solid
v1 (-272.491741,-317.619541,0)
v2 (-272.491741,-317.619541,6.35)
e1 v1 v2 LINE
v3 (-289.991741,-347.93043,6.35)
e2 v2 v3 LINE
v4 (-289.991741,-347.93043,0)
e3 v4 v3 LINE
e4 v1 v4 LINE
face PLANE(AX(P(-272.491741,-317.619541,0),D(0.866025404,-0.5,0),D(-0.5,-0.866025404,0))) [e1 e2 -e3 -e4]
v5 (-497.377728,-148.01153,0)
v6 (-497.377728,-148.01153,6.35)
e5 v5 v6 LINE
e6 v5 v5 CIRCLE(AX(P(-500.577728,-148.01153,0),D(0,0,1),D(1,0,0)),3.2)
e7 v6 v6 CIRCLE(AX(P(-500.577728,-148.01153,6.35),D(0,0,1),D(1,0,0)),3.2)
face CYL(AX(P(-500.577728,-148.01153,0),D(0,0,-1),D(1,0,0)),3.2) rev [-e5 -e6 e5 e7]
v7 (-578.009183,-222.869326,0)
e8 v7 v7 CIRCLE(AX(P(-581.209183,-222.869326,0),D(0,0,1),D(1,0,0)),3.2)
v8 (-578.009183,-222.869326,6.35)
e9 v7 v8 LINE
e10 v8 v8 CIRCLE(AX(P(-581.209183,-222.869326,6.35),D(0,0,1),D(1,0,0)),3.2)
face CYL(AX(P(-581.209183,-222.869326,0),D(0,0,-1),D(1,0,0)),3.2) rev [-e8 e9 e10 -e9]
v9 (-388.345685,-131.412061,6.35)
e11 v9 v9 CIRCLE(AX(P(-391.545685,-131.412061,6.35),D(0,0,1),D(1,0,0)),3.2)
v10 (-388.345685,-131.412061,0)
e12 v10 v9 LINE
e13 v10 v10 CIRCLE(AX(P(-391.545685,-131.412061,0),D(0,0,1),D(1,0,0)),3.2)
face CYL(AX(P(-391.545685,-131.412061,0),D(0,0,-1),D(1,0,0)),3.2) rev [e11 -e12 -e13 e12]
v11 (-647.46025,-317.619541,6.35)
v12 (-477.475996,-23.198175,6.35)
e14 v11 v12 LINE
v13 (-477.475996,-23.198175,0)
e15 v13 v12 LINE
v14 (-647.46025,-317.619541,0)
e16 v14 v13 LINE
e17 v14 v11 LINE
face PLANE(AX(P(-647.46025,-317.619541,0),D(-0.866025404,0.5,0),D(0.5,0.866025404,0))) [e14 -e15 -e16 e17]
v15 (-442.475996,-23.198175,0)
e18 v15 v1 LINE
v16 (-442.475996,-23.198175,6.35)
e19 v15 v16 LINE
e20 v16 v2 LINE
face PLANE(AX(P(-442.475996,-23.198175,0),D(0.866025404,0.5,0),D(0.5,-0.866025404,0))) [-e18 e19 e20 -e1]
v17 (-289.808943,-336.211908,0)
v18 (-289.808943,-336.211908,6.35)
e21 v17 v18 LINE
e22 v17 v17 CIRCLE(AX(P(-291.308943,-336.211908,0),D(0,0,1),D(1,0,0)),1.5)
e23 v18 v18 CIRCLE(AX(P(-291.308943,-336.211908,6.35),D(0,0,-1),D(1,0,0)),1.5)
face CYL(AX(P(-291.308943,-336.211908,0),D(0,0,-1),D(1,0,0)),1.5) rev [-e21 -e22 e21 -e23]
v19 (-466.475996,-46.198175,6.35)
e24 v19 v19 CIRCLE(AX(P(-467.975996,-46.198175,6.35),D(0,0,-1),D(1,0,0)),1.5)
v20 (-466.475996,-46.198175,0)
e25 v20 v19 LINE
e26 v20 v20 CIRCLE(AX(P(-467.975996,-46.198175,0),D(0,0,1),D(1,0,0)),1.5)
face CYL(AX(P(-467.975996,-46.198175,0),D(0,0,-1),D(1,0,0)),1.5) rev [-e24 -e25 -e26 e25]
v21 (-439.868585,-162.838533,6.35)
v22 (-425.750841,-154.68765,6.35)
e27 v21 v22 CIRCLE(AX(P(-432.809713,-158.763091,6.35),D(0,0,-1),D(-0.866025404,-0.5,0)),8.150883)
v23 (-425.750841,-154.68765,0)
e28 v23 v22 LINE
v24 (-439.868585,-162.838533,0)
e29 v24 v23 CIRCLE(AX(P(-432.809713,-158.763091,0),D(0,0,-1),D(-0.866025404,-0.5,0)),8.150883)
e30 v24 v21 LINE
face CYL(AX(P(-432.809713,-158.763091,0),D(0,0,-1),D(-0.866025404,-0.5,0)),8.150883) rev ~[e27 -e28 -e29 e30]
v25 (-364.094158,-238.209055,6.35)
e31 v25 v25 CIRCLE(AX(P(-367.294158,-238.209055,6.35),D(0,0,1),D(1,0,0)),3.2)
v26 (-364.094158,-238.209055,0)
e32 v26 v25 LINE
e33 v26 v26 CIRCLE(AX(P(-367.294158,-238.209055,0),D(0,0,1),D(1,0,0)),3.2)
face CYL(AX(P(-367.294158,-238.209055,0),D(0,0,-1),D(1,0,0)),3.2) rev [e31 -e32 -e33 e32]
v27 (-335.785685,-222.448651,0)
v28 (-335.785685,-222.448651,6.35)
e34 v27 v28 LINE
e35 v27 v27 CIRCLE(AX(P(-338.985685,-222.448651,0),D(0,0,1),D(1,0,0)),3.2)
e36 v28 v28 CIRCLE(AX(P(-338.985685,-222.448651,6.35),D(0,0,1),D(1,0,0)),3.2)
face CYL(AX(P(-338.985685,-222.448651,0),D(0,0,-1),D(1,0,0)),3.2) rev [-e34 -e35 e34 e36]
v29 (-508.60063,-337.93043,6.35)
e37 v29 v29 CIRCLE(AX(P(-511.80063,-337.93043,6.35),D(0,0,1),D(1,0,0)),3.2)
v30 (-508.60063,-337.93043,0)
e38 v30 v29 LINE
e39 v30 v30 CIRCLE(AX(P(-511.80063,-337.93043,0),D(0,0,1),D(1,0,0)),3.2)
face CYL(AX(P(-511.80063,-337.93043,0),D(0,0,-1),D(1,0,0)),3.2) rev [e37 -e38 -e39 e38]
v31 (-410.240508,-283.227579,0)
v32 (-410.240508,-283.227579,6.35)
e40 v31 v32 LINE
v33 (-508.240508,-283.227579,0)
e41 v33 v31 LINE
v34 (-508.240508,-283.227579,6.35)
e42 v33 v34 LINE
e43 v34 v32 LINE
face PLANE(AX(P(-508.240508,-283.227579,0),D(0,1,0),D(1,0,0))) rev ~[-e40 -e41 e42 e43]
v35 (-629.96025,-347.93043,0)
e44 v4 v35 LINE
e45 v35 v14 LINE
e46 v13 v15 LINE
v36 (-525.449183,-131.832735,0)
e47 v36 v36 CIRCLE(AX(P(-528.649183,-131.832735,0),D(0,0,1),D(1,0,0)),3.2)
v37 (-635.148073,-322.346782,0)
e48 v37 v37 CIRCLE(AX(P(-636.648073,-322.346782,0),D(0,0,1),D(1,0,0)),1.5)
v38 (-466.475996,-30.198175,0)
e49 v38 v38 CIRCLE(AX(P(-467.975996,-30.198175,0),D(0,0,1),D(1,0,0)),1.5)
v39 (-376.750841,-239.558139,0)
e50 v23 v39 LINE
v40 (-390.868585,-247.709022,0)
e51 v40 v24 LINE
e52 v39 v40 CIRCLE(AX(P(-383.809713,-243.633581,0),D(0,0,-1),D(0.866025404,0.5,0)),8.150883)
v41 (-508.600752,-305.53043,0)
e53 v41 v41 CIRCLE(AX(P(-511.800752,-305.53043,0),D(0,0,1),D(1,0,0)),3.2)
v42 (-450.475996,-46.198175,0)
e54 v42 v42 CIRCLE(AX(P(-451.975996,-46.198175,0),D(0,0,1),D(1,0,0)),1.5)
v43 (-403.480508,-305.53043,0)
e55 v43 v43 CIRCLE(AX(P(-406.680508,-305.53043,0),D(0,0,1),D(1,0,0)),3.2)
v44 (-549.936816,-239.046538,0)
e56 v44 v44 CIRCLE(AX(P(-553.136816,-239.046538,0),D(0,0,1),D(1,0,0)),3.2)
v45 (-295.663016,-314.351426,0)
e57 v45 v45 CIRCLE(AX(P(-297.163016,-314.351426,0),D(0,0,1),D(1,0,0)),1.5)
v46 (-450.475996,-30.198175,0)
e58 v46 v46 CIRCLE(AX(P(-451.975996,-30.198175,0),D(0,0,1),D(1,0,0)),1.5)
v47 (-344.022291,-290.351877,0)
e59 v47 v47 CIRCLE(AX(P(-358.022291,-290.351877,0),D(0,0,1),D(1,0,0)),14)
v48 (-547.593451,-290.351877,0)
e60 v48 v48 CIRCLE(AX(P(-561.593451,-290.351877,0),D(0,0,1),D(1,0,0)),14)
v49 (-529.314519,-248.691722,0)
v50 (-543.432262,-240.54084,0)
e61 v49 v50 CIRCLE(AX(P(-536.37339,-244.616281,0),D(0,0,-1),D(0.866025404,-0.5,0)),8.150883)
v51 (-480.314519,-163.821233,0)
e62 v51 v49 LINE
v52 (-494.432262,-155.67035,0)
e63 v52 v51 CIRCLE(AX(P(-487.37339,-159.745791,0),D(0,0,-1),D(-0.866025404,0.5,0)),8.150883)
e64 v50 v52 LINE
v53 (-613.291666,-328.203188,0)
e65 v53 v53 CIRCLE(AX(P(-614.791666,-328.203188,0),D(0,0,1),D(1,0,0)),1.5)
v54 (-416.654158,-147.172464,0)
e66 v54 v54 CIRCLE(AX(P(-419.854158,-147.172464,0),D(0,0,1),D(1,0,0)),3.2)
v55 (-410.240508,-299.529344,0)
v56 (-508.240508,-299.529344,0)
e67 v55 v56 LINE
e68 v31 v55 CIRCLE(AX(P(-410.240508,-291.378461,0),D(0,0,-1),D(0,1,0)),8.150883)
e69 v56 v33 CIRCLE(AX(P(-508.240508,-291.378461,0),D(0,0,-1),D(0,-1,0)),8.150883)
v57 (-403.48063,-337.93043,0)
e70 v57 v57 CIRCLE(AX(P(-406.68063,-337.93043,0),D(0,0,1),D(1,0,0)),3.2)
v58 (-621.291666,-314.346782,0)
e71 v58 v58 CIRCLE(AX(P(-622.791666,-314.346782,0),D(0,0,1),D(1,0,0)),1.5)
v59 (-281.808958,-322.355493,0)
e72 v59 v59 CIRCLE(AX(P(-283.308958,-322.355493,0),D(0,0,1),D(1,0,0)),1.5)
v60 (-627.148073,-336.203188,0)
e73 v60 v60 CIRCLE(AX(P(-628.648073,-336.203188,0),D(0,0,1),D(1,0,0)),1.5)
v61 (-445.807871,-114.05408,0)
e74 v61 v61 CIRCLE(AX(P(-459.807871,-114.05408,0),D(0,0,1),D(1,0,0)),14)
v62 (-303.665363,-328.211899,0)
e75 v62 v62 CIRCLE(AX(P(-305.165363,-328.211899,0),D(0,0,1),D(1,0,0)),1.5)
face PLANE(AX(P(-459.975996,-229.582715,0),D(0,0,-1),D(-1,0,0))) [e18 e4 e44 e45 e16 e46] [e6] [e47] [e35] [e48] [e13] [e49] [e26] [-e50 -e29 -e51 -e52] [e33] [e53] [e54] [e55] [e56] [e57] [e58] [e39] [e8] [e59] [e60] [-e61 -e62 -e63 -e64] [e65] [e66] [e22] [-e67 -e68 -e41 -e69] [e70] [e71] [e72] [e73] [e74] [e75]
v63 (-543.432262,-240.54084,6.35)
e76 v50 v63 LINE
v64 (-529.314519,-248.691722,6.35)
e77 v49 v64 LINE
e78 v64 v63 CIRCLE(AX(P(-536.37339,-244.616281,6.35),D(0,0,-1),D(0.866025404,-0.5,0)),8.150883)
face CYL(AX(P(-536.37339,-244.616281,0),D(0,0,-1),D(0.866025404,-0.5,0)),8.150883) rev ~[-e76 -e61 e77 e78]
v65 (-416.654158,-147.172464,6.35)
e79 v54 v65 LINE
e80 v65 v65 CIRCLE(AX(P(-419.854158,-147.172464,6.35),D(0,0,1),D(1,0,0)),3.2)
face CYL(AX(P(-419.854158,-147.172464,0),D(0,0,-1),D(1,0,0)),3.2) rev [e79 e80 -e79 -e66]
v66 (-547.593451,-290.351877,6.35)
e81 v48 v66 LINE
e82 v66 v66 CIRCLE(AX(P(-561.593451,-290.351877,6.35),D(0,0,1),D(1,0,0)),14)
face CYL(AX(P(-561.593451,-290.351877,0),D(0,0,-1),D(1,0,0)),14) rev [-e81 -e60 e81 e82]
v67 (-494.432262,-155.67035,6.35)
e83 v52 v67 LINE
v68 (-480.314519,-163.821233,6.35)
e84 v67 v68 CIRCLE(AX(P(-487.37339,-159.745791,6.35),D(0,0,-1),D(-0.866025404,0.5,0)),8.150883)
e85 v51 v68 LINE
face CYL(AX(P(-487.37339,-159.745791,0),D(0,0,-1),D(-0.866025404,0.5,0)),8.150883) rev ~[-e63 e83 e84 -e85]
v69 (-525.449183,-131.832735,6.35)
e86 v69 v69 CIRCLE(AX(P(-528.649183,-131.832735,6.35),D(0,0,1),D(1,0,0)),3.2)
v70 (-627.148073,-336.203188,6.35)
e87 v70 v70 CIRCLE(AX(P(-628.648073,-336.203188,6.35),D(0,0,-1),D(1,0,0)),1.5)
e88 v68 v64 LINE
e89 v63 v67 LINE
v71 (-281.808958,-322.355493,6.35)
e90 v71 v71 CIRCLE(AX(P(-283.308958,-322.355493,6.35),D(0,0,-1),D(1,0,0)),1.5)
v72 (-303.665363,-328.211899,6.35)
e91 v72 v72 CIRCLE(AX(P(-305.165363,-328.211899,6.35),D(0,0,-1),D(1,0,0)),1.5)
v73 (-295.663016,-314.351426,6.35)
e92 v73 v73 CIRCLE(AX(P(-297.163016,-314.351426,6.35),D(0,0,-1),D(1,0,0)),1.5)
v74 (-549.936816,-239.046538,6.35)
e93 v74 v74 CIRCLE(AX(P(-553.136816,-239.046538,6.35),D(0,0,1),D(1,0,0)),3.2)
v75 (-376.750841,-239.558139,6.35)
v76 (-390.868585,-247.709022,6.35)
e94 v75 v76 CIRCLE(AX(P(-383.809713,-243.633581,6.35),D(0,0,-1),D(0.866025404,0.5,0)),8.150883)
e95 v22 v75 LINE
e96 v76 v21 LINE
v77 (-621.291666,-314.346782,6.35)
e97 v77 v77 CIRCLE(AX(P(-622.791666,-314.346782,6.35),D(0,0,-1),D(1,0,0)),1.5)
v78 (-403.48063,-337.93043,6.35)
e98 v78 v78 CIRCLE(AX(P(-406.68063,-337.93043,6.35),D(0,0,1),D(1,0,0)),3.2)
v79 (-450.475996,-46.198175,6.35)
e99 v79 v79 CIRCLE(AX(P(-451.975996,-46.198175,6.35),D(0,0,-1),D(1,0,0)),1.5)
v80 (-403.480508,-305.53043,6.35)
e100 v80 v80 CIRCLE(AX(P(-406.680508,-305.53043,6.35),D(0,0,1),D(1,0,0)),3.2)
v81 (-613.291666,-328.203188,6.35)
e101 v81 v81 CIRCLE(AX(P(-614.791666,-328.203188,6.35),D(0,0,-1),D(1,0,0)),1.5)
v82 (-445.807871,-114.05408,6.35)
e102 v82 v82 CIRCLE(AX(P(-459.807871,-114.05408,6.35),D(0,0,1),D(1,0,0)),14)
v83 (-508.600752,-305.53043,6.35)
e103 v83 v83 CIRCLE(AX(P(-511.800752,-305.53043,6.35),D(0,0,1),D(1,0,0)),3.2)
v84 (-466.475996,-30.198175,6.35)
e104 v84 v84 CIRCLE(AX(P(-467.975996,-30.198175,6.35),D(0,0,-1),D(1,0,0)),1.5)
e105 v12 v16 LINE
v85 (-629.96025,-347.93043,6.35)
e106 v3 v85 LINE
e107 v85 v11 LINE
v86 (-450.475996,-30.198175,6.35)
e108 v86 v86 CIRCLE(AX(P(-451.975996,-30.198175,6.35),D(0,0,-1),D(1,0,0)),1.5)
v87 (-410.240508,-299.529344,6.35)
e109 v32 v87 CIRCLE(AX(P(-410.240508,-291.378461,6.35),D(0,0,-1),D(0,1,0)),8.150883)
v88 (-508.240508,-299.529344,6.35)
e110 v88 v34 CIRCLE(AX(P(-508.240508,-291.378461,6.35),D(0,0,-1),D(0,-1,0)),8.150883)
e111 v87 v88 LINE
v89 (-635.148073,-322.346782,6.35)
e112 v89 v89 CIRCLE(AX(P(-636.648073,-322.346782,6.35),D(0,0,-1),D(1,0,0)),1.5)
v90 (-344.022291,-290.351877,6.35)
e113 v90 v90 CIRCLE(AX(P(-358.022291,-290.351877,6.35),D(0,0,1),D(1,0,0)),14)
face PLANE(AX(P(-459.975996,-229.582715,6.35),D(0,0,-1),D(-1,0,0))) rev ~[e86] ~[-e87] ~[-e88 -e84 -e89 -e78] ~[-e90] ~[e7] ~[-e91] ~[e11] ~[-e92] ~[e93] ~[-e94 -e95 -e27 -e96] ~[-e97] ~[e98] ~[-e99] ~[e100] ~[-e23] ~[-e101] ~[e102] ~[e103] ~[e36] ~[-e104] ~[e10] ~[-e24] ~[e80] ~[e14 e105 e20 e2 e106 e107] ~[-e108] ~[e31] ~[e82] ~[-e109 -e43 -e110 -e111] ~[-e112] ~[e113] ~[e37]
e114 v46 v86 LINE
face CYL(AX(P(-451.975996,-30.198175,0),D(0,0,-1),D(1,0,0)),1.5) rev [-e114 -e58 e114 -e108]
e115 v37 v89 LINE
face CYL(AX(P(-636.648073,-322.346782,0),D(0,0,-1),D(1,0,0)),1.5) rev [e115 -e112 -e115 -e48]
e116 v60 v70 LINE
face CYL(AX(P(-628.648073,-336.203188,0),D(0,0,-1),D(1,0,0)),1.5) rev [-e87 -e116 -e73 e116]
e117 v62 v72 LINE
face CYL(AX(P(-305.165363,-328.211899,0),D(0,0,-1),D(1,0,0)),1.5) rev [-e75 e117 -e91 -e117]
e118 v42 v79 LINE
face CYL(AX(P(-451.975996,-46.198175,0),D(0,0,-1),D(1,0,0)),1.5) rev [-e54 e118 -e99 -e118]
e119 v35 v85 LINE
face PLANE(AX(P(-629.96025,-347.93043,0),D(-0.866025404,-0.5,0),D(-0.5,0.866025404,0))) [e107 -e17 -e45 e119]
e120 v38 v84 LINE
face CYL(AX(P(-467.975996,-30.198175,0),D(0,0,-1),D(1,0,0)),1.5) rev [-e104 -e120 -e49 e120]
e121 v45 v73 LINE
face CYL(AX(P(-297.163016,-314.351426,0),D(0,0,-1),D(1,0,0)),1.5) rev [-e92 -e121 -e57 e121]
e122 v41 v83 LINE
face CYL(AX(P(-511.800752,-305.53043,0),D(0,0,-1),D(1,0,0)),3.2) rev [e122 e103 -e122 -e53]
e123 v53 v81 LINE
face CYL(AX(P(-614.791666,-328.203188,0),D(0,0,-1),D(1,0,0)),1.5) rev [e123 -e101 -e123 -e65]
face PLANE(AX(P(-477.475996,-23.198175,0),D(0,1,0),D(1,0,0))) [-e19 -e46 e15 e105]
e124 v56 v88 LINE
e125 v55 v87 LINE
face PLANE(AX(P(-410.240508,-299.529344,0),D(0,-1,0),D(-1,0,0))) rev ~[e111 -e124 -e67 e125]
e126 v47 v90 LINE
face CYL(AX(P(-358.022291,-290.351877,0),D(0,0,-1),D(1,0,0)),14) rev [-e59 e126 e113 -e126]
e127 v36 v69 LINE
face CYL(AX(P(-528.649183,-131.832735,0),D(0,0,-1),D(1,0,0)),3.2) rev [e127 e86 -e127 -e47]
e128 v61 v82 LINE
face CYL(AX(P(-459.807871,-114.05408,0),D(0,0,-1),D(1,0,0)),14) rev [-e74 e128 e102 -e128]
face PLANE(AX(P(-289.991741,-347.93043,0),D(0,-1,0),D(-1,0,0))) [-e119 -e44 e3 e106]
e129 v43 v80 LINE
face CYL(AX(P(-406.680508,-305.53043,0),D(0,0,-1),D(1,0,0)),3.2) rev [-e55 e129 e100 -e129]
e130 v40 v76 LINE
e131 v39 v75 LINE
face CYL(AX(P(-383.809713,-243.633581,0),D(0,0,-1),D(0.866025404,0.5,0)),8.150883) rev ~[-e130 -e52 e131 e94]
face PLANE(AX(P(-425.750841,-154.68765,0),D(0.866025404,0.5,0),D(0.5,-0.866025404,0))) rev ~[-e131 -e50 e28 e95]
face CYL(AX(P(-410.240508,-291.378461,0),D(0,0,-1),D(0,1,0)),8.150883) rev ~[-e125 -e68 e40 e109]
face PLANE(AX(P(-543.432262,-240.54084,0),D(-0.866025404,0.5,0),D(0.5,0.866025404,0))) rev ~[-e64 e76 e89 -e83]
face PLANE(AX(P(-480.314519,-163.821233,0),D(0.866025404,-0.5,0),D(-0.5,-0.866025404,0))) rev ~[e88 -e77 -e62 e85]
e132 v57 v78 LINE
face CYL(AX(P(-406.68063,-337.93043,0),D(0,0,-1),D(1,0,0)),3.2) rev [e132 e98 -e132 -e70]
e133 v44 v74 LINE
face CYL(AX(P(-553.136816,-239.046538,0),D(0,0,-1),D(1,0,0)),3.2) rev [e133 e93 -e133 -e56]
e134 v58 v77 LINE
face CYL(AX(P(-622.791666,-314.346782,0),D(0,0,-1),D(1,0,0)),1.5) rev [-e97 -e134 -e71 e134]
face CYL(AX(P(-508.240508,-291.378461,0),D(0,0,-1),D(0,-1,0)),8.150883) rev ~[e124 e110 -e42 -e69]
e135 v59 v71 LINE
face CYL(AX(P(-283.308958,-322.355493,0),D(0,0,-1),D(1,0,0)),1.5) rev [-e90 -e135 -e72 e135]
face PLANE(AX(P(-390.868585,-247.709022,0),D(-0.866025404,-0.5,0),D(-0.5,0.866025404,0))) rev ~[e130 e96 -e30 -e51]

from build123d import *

# Parameters (mm, degrees)
SKETCH1_R           = 3.2
SKETCH1_R_2         = 14
BOSS_EXTRUDE1_DEPTH = 6.35
SKETCH2_R           = 1.5
CUT_EXTRUDE1_DEPTH  = 736.05148275


with BuildPart() as part:
    # Sketch1 → Boss-Extrude1 (new body)
    with BuildSketch(Plane.XY):
        Polygon((-647.460250444, -317.619540534), (-477.475995614, -23.198174681), (-442.475995614, -23.198174681), (-272.491740783, -317.619540534), (-289.991740783, -347.930429667), (-629.960250444, -347.930429667), align=None)
        with Locations((-581.209182953, -222.869325584)):
            Circle(SKETCH1_R, mode=Mode.SUBTRACT)
        with Locations((-528.649182953, -131.832735139)):
            Circle(SKETCH1_R, mode=Mode.SUBTRACT)
        with Locations((-500.577727615, -148.011529753)):
            Circle(SKETCH1_R, mode=Mode.SUBTRACT)
        with Locations((-553.136815613, -239.046537702)):
            Circle(SKETCH1_R, mode=Mode.SUBTRACT)
        with Locations((-367.294158494, -238.209054553)):
            Circle(SKETCH1_R, mode=Mode.SUBTRACT)
        with Locations((-419.854158494, -147.172464107)):
            Circle(SKETCH1_R, mode=Mode.SUBTRACT)
        with Locations((-391.545684719, -131.412060795)):
            Circle(SKETCH1_R, mode=Mode.SUBTRACT)
        with Locations((-338.985684719, -222.448651241)):
            Circle(SKETCH1_R, mode=Mode.SUBTRACT)
        with Locations((-511.800751787, -305.530429667)):
            Circle(SKETCH1_R, mode=Mode.SUBTRACT)
        with Locations((-406.680508256, -305.530429667)):
            Circle(SKETCH1_R, mode=Mode.SUBTRACT)
        with Locations((-406.680630022, -337.930429667)):
            Circle(SKETCH1_R, mode=Mode.SUBTRACT)
        with Locations((-511.800630022, -337.930429667)):
            Circle(SKETCH1_R, mode=Mode.SUBTRACT)
        with Locations((-459.807870528, -114.054080446)):
            Circle(SKETCH1_R_2, mode=Mode.SUBTRACT)
        with Locations((-358.022290508, -290.351876517)):
            Circle(SKETCH1_R_2, mode=Mode.SUBTRACT)
        with Locations((-561.593450547, -290.351876517)):
            Circle(SKETCH1_R_2, mode=Mode.SUBTRACT)
        with BuildLine():
            Line((-425.750841471, -154.687649698), (-376.750841471, -239.558139269))
            ThreePointArc((-376.750841471, -239.558139269), (-379.734271663, -250.692452327), (-390.86858472, -247.709022135))
            Line((-390.86858472, -247.709022135), (-439.86858472, -162.838532564))
            ThreePointArc((-439.86858472, -162.838532564), (-436.885154528, -151.704219506), (-425.750841471, -154.687649698))
        make_face(mode=Mode.SUBTRACT)
        with BuildLine():
            Line((-410.240508256, -299.529344232), (-508.240508256, -299.529344232))
            ThreePointArc((-508.240508256, -299.529344232), (-516.391391121, -291.378461367), (-508.240508256, -283.227578501))
            Line((-508.240508256, -283.227578501), (-410.240508256, -283.227578501))
            ThreePointArc((-410.240508256, -283.227578501), (-402.089625391, -291.378461367), (-410.240508256, -299.529344232))
        make_face(mode=Mode.SUBTRACT)
        with BuildLine():
            Line((-543.432261857, -240.54083955), (-494.432261857, -155.67034998))
            ThreePointArc((-494.432261857, -155.67034998), (-483.297948799, -152.686919788), (-480.314518607, -163.821232845))
            Line((-480.314518607, -163.821232845), (-529.314518607, -248.691722416))
            ThreePointArc((-529.314518607, -248.691722416), (-540.448831665, -251.675152608), (-543.432261857, -240.54083955))
        make_face(mode=Mode.SUBTRACT)
    extrude(amount=BOSS_EXTRUDE1_DEPTH)

    # Sketch2 → Cut-Extrude1 (cut, through all)
    with BuildSketch(Plane.XY):
        with Locations((-451.975995614, -46.198174681)):
            Circle(SKETCH2_R)
        with Locations((-291.308942687, -336.211907881)):
            Circle(SKETCH2_R)
        with Locations((-467.975995614, -30.198174681)):
            Circle(SKETCH2_R)
        with Locations((-451.975995614, -30.198174681)):
            Circle(SKETCH2_R)
        with Locations((-467.975995614, -46.198174681)):
            Circle(SKETCH2_R)
        with Locations((-283.308957903, -322.355492635)):
            Circle(SKETCH2_R)
        with Locations((-297.163015743, -314.351426082)):
            Circle(SKETCH2_R)
        with Locations((-305.165363337, -328.211898695)):
            Circle(SKETCH2_R)
        with Locations((-614.791666157, -328.203188331)):
            Circle(SKETCH2_R)
        with Locations((-622.791666157, -314.34678187)):
            Circle(SKETCH2_R)
        with Locations((-628.648072618, -336.203188331)):
            Circle(SKETCH2_R)
        with Locations((-636.648072618, -322.34678187)):
            Circle(SKETCH2_R)
    extrude(amount=CUT_EXTRUDE1_DEPTH, mode=Mode.SUBTRACT)


solid = part.part
